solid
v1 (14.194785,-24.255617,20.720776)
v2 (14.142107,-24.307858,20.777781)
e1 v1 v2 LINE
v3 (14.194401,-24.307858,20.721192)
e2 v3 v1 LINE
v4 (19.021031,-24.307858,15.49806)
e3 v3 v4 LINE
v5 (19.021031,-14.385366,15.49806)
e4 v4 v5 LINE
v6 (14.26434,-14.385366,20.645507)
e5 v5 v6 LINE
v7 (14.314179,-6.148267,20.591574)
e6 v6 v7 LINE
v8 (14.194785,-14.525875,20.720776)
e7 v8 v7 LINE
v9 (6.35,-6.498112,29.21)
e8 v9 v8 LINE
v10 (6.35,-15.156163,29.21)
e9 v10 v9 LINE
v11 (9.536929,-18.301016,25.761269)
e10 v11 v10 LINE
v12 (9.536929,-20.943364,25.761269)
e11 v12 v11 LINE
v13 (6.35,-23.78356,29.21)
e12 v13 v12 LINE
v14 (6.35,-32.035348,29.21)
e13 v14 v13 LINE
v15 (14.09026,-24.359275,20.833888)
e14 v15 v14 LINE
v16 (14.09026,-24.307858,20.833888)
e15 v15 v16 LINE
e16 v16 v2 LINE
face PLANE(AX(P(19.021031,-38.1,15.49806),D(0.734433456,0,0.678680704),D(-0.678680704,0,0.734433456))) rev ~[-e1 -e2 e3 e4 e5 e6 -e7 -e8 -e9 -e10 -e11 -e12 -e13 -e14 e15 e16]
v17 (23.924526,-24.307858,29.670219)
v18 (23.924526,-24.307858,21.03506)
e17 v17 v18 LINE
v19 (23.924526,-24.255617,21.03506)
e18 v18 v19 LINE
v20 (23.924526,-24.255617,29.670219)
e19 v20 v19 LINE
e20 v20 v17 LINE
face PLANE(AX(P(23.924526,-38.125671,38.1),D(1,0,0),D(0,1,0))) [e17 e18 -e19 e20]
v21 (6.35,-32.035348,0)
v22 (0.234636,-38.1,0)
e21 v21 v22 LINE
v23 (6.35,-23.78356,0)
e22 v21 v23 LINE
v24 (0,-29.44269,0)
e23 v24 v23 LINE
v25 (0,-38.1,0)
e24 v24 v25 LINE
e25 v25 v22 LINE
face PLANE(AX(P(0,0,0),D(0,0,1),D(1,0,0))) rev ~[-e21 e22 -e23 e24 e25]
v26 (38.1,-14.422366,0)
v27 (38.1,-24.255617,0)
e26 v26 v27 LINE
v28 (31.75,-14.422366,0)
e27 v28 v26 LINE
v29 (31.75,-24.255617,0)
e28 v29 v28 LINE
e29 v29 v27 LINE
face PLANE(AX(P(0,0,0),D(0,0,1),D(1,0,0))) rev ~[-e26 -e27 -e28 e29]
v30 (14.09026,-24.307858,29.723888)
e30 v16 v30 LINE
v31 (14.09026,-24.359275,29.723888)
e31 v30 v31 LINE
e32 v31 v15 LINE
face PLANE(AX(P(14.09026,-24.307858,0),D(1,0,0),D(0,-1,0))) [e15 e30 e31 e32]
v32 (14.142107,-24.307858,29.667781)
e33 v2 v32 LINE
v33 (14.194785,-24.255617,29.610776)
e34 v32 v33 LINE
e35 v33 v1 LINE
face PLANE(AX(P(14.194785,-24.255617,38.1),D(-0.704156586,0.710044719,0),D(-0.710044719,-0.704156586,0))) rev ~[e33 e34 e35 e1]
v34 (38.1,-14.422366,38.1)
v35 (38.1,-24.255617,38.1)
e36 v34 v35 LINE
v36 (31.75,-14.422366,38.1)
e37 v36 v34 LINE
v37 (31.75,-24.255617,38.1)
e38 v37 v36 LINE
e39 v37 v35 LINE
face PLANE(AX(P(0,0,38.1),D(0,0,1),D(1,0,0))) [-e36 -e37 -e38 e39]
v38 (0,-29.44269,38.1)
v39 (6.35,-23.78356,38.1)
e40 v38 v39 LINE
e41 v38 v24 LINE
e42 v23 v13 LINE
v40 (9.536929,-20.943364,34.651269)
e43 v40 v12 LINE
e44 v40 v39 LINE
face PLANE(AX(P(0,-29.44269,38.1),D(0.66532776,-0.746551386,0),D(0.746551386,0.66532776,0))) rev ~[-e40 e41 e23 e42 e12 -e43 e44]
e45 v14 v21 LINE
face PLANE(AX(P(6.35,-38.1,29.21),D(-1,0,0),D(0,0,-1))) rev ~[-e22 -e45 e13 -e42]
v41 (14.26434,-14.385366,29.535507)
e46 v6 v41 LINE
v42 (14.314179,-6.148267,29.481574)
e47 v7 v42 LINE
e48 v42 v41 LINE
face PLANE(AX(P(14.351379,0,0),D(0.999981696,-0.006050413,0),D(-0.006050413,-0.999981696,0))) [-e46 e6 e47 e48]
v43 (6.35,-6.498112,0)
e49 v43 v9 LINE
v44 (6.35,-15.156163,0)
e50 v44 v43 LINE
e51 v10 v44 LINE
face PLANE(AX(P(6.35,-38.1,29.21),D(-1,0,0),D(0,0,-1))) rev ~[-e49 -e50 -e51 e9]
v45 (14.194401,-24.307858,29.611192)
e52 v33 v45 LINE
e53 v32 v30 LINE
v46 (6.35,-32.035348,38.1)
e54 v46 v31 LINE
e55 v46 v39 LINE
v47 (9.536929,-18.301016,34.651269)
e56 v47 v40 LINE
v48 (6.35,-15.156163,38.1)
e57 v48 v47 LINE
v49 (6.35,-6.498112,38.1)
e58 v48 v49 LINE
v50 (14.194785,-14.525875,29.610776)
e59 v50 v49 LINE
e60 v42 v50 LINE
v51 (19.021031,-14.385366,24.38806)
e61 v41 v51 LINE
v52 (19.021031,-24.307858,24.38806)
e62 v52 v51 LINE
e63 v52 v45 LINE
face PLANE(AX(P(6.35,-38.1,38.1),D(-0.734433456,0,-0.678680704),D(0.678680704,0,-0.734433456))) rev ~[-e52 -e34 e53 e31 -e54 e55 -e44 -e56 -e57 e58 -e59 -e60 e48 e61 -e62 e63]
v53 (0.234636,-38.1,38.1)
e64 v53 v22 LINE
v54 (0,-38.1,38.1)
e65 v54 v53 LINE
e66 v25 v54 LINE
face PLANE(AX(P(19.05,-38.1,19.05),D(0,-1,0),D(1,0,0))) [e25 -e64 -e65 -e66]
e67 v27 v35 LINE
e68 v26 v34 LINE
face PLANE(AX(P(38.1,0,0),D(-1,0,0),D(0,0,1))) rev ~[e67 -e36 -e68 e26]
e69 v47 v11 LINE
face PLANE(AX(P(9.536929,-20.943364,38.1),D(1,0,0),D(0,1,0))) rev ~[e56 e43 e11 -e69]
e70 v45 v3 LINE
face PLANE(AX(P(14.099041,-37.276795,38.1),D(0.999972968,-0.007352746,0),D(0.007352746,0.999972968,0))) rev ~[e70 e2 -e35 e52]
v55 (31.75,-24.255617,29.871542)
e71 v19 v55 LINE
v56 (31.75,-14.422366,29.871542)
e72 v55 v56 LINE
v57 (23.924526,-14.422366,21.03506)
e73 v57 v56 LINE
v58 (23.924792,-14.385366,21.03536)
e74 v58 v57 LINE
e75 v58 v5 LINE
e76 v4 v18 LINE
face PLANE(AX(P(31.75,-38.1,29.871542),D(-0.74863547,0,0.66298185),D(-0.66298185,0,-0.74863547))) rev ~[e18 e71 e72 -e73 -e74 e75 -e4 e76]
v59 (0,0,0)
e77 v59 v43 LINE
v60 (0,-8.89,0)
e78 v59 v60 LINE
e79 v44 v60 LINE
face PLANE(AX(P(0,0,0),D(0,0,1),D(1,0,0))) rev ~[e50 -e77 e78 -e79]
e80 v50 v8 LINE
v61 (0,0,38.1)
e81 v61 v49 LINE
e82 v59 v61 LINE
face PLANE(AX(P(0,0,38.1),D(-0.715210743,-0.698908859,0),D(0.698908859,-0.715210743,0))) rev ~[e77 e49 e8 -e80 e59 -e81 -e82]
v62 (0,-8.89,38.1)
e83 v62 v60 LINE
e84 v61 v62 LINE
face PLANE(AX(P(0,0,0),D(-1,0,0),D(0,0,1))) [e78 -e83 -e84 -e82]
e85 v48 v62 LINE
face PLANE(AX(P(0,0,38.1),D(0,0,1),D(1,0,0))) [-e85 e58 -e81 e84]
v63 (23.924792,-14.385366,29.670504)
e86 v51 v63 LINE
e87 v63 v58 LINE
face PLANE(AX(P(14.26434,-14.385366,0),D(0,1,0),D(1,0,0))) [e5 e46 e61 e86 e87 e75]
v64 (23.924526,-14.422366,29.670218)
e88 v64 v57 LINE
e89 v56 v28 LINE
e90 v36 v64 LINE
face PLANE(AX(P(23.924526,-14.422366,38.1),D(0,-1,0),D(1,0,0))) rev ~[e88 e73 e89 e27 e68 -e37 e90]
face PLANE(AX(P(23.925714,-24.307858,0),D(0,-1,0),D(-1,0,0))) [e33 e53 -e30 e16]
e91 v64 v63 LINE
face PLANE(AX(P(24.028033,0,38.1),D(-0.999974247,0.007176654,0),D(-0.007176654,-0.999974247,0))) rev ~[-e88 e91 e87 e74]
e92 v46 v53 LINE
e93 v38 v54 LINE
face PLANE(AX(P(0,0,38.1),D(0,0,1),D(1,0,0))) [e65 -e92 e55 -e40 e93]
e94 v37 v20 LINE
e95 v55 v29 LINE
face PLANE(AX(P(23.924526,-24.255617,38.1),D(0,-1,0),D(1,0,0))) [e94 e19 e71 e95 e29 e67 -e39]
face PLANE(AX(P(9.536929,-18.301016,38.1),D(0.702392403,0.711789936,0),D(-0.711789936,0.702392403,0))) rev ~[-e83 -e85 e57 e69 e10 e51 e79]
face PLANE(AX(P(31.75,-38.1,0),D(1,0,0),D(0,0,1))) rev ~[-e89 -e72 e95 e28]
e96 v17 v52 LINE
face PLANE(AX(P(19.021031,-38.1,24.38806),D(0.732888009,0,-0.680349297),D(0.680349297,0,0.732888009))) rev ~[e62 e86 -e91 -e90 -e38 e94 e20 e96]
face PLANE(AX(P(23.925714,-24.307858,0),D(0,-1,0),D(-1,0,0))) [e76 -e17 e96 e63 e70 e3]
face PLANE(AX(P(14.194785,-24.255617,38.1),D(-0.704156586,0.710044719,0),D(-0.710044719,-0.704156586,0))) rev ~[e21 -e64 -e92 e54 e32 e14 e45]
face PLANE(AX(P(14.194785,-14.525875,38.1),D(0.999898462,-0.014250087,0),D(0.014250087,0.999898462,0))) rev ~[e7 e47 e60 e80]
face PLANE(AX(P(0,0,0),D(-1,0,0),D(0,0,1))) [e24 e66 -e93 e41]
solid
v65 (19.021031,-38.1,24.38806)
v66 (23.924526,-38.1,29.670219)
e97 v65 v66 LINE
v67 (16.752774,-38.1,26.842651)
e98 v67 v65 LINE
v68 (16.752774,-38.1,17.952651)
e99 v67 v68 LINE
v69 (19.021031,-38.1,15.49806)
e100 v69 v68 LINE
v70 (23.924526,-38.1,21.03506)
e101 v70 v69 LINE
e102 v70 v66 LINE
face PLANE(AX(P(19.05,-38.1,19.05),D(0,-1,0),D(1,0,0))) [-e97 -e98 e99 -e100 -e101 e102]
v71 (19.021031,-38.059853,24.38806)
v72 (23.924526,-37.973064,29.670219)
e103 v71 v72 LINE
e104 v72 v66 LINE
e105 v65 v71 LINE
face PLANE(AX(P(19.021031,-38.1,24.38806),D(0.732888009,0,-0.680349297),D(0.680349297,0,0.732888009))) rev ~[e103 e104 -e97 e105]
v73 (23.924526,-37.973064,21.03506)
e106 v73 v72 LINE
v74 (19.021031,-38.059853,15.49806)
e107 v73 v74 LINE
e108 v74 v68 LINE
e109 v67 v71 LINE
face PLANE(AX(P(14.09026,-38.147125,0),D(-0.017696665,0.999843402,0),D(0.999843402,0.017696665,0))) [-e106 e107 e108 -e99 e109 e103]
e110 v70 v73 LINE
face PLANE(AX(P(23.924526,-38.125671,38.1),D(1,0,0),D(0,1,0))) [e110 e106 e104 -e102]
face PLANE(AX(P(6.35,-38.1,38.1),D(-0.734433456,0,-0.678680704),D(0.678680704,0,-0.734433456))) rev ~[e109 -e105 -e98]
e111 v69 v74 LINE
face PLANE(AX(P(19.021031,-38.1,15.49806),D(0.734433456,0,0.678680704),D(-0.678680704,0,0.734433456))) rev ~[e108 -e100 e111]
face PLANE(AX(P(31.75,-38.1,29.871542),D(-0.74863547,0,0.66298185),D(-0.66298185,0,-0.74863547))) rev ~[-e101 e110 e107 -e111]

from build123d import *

# Parameters (mm, degrees)
F0_W     = 38.1
F0_H     = 38.1
F1_DEPTH = 38.1
F3_DEPTH = 38.1
F4_DEPTH = 38.1
F6_W     = 14.284089
F6_H     = 13.870054
F7_DEPTH = 38.1
F9_DEPTH = 38.1


with BuildPart() as f1:
    # F0 (on Front) → F1 (new body)
    with BuildSketch(Plane.XZ):
        with Locations((19.05, 19.05)):
            Rectangle(F0_W, F0_H)
    extrude(amount=F1_DEPTH)

    # F2 (on face) → F3 (cut)
    with BuildSketch(Plane.XZ.offset(38.1)):
        Polygon((31.75, 38.1), (6.35, 38.1), (19.021031, 24.38806), align=None)
    extrude(amount=-F3_DEPTH, mode=Mode.SUBTRACT)

    # F2 (on face) → F4 (cut)
    with BuildSketch(Plane.XZ.offset(38.1)):
        Polygon((19.021031, 15.49806), (6.35, 29.21), (6.35, 0), (31.75, 0), (31.75, 29.871542), align=None)
    extrude(amount=-F4_DEPTH, mode=Mode.SUBTRACT)

    # F6 (on offset) → F7 (cut)
    with BuildSketch(Plane.XY.offset(38.1)):
        with Locations((31.066571, -31.190644)):
            Rectangle(F6_W, F6_H)
        Polygon((24.028033, 0), (23.924526, -14.422366), (38.208615, -14.422366), (38.208615, 0), align=None)
        Polygon((0, 0), (14.194785, -14.525875), (14.401801, 0), align=None)
        Polygon((0, -8.89), (0, -29.44269), (9.536929, -20.943364), (9.536929, -18.301016), align=None)
        Polygon((14.194785, -24.255617), (0, -38.33269), (14.091277, -38.33269), (14.099041, -37.276795), align=None)
    extrude(amount=-F7_DEPTH, mode=Mode.SUBTRACT)

    # F8 (on Top) → F9 (cut)
    with BuildSketch(Plane.XY):
        Polygon((14.351379, 0), (14.26434, -14.385366), (24.099793, -14.385366), (24.099793, 0), align=None)
        Polygon((14.09026, -24.307858), (14.09026, -38.147125), (23.925714, -37.973043), (23.925714, -24.307858), align=None)
    extrude(amount=F9_DEPTH, mode=Mode.SUBTRACT)


solid = f1.part
